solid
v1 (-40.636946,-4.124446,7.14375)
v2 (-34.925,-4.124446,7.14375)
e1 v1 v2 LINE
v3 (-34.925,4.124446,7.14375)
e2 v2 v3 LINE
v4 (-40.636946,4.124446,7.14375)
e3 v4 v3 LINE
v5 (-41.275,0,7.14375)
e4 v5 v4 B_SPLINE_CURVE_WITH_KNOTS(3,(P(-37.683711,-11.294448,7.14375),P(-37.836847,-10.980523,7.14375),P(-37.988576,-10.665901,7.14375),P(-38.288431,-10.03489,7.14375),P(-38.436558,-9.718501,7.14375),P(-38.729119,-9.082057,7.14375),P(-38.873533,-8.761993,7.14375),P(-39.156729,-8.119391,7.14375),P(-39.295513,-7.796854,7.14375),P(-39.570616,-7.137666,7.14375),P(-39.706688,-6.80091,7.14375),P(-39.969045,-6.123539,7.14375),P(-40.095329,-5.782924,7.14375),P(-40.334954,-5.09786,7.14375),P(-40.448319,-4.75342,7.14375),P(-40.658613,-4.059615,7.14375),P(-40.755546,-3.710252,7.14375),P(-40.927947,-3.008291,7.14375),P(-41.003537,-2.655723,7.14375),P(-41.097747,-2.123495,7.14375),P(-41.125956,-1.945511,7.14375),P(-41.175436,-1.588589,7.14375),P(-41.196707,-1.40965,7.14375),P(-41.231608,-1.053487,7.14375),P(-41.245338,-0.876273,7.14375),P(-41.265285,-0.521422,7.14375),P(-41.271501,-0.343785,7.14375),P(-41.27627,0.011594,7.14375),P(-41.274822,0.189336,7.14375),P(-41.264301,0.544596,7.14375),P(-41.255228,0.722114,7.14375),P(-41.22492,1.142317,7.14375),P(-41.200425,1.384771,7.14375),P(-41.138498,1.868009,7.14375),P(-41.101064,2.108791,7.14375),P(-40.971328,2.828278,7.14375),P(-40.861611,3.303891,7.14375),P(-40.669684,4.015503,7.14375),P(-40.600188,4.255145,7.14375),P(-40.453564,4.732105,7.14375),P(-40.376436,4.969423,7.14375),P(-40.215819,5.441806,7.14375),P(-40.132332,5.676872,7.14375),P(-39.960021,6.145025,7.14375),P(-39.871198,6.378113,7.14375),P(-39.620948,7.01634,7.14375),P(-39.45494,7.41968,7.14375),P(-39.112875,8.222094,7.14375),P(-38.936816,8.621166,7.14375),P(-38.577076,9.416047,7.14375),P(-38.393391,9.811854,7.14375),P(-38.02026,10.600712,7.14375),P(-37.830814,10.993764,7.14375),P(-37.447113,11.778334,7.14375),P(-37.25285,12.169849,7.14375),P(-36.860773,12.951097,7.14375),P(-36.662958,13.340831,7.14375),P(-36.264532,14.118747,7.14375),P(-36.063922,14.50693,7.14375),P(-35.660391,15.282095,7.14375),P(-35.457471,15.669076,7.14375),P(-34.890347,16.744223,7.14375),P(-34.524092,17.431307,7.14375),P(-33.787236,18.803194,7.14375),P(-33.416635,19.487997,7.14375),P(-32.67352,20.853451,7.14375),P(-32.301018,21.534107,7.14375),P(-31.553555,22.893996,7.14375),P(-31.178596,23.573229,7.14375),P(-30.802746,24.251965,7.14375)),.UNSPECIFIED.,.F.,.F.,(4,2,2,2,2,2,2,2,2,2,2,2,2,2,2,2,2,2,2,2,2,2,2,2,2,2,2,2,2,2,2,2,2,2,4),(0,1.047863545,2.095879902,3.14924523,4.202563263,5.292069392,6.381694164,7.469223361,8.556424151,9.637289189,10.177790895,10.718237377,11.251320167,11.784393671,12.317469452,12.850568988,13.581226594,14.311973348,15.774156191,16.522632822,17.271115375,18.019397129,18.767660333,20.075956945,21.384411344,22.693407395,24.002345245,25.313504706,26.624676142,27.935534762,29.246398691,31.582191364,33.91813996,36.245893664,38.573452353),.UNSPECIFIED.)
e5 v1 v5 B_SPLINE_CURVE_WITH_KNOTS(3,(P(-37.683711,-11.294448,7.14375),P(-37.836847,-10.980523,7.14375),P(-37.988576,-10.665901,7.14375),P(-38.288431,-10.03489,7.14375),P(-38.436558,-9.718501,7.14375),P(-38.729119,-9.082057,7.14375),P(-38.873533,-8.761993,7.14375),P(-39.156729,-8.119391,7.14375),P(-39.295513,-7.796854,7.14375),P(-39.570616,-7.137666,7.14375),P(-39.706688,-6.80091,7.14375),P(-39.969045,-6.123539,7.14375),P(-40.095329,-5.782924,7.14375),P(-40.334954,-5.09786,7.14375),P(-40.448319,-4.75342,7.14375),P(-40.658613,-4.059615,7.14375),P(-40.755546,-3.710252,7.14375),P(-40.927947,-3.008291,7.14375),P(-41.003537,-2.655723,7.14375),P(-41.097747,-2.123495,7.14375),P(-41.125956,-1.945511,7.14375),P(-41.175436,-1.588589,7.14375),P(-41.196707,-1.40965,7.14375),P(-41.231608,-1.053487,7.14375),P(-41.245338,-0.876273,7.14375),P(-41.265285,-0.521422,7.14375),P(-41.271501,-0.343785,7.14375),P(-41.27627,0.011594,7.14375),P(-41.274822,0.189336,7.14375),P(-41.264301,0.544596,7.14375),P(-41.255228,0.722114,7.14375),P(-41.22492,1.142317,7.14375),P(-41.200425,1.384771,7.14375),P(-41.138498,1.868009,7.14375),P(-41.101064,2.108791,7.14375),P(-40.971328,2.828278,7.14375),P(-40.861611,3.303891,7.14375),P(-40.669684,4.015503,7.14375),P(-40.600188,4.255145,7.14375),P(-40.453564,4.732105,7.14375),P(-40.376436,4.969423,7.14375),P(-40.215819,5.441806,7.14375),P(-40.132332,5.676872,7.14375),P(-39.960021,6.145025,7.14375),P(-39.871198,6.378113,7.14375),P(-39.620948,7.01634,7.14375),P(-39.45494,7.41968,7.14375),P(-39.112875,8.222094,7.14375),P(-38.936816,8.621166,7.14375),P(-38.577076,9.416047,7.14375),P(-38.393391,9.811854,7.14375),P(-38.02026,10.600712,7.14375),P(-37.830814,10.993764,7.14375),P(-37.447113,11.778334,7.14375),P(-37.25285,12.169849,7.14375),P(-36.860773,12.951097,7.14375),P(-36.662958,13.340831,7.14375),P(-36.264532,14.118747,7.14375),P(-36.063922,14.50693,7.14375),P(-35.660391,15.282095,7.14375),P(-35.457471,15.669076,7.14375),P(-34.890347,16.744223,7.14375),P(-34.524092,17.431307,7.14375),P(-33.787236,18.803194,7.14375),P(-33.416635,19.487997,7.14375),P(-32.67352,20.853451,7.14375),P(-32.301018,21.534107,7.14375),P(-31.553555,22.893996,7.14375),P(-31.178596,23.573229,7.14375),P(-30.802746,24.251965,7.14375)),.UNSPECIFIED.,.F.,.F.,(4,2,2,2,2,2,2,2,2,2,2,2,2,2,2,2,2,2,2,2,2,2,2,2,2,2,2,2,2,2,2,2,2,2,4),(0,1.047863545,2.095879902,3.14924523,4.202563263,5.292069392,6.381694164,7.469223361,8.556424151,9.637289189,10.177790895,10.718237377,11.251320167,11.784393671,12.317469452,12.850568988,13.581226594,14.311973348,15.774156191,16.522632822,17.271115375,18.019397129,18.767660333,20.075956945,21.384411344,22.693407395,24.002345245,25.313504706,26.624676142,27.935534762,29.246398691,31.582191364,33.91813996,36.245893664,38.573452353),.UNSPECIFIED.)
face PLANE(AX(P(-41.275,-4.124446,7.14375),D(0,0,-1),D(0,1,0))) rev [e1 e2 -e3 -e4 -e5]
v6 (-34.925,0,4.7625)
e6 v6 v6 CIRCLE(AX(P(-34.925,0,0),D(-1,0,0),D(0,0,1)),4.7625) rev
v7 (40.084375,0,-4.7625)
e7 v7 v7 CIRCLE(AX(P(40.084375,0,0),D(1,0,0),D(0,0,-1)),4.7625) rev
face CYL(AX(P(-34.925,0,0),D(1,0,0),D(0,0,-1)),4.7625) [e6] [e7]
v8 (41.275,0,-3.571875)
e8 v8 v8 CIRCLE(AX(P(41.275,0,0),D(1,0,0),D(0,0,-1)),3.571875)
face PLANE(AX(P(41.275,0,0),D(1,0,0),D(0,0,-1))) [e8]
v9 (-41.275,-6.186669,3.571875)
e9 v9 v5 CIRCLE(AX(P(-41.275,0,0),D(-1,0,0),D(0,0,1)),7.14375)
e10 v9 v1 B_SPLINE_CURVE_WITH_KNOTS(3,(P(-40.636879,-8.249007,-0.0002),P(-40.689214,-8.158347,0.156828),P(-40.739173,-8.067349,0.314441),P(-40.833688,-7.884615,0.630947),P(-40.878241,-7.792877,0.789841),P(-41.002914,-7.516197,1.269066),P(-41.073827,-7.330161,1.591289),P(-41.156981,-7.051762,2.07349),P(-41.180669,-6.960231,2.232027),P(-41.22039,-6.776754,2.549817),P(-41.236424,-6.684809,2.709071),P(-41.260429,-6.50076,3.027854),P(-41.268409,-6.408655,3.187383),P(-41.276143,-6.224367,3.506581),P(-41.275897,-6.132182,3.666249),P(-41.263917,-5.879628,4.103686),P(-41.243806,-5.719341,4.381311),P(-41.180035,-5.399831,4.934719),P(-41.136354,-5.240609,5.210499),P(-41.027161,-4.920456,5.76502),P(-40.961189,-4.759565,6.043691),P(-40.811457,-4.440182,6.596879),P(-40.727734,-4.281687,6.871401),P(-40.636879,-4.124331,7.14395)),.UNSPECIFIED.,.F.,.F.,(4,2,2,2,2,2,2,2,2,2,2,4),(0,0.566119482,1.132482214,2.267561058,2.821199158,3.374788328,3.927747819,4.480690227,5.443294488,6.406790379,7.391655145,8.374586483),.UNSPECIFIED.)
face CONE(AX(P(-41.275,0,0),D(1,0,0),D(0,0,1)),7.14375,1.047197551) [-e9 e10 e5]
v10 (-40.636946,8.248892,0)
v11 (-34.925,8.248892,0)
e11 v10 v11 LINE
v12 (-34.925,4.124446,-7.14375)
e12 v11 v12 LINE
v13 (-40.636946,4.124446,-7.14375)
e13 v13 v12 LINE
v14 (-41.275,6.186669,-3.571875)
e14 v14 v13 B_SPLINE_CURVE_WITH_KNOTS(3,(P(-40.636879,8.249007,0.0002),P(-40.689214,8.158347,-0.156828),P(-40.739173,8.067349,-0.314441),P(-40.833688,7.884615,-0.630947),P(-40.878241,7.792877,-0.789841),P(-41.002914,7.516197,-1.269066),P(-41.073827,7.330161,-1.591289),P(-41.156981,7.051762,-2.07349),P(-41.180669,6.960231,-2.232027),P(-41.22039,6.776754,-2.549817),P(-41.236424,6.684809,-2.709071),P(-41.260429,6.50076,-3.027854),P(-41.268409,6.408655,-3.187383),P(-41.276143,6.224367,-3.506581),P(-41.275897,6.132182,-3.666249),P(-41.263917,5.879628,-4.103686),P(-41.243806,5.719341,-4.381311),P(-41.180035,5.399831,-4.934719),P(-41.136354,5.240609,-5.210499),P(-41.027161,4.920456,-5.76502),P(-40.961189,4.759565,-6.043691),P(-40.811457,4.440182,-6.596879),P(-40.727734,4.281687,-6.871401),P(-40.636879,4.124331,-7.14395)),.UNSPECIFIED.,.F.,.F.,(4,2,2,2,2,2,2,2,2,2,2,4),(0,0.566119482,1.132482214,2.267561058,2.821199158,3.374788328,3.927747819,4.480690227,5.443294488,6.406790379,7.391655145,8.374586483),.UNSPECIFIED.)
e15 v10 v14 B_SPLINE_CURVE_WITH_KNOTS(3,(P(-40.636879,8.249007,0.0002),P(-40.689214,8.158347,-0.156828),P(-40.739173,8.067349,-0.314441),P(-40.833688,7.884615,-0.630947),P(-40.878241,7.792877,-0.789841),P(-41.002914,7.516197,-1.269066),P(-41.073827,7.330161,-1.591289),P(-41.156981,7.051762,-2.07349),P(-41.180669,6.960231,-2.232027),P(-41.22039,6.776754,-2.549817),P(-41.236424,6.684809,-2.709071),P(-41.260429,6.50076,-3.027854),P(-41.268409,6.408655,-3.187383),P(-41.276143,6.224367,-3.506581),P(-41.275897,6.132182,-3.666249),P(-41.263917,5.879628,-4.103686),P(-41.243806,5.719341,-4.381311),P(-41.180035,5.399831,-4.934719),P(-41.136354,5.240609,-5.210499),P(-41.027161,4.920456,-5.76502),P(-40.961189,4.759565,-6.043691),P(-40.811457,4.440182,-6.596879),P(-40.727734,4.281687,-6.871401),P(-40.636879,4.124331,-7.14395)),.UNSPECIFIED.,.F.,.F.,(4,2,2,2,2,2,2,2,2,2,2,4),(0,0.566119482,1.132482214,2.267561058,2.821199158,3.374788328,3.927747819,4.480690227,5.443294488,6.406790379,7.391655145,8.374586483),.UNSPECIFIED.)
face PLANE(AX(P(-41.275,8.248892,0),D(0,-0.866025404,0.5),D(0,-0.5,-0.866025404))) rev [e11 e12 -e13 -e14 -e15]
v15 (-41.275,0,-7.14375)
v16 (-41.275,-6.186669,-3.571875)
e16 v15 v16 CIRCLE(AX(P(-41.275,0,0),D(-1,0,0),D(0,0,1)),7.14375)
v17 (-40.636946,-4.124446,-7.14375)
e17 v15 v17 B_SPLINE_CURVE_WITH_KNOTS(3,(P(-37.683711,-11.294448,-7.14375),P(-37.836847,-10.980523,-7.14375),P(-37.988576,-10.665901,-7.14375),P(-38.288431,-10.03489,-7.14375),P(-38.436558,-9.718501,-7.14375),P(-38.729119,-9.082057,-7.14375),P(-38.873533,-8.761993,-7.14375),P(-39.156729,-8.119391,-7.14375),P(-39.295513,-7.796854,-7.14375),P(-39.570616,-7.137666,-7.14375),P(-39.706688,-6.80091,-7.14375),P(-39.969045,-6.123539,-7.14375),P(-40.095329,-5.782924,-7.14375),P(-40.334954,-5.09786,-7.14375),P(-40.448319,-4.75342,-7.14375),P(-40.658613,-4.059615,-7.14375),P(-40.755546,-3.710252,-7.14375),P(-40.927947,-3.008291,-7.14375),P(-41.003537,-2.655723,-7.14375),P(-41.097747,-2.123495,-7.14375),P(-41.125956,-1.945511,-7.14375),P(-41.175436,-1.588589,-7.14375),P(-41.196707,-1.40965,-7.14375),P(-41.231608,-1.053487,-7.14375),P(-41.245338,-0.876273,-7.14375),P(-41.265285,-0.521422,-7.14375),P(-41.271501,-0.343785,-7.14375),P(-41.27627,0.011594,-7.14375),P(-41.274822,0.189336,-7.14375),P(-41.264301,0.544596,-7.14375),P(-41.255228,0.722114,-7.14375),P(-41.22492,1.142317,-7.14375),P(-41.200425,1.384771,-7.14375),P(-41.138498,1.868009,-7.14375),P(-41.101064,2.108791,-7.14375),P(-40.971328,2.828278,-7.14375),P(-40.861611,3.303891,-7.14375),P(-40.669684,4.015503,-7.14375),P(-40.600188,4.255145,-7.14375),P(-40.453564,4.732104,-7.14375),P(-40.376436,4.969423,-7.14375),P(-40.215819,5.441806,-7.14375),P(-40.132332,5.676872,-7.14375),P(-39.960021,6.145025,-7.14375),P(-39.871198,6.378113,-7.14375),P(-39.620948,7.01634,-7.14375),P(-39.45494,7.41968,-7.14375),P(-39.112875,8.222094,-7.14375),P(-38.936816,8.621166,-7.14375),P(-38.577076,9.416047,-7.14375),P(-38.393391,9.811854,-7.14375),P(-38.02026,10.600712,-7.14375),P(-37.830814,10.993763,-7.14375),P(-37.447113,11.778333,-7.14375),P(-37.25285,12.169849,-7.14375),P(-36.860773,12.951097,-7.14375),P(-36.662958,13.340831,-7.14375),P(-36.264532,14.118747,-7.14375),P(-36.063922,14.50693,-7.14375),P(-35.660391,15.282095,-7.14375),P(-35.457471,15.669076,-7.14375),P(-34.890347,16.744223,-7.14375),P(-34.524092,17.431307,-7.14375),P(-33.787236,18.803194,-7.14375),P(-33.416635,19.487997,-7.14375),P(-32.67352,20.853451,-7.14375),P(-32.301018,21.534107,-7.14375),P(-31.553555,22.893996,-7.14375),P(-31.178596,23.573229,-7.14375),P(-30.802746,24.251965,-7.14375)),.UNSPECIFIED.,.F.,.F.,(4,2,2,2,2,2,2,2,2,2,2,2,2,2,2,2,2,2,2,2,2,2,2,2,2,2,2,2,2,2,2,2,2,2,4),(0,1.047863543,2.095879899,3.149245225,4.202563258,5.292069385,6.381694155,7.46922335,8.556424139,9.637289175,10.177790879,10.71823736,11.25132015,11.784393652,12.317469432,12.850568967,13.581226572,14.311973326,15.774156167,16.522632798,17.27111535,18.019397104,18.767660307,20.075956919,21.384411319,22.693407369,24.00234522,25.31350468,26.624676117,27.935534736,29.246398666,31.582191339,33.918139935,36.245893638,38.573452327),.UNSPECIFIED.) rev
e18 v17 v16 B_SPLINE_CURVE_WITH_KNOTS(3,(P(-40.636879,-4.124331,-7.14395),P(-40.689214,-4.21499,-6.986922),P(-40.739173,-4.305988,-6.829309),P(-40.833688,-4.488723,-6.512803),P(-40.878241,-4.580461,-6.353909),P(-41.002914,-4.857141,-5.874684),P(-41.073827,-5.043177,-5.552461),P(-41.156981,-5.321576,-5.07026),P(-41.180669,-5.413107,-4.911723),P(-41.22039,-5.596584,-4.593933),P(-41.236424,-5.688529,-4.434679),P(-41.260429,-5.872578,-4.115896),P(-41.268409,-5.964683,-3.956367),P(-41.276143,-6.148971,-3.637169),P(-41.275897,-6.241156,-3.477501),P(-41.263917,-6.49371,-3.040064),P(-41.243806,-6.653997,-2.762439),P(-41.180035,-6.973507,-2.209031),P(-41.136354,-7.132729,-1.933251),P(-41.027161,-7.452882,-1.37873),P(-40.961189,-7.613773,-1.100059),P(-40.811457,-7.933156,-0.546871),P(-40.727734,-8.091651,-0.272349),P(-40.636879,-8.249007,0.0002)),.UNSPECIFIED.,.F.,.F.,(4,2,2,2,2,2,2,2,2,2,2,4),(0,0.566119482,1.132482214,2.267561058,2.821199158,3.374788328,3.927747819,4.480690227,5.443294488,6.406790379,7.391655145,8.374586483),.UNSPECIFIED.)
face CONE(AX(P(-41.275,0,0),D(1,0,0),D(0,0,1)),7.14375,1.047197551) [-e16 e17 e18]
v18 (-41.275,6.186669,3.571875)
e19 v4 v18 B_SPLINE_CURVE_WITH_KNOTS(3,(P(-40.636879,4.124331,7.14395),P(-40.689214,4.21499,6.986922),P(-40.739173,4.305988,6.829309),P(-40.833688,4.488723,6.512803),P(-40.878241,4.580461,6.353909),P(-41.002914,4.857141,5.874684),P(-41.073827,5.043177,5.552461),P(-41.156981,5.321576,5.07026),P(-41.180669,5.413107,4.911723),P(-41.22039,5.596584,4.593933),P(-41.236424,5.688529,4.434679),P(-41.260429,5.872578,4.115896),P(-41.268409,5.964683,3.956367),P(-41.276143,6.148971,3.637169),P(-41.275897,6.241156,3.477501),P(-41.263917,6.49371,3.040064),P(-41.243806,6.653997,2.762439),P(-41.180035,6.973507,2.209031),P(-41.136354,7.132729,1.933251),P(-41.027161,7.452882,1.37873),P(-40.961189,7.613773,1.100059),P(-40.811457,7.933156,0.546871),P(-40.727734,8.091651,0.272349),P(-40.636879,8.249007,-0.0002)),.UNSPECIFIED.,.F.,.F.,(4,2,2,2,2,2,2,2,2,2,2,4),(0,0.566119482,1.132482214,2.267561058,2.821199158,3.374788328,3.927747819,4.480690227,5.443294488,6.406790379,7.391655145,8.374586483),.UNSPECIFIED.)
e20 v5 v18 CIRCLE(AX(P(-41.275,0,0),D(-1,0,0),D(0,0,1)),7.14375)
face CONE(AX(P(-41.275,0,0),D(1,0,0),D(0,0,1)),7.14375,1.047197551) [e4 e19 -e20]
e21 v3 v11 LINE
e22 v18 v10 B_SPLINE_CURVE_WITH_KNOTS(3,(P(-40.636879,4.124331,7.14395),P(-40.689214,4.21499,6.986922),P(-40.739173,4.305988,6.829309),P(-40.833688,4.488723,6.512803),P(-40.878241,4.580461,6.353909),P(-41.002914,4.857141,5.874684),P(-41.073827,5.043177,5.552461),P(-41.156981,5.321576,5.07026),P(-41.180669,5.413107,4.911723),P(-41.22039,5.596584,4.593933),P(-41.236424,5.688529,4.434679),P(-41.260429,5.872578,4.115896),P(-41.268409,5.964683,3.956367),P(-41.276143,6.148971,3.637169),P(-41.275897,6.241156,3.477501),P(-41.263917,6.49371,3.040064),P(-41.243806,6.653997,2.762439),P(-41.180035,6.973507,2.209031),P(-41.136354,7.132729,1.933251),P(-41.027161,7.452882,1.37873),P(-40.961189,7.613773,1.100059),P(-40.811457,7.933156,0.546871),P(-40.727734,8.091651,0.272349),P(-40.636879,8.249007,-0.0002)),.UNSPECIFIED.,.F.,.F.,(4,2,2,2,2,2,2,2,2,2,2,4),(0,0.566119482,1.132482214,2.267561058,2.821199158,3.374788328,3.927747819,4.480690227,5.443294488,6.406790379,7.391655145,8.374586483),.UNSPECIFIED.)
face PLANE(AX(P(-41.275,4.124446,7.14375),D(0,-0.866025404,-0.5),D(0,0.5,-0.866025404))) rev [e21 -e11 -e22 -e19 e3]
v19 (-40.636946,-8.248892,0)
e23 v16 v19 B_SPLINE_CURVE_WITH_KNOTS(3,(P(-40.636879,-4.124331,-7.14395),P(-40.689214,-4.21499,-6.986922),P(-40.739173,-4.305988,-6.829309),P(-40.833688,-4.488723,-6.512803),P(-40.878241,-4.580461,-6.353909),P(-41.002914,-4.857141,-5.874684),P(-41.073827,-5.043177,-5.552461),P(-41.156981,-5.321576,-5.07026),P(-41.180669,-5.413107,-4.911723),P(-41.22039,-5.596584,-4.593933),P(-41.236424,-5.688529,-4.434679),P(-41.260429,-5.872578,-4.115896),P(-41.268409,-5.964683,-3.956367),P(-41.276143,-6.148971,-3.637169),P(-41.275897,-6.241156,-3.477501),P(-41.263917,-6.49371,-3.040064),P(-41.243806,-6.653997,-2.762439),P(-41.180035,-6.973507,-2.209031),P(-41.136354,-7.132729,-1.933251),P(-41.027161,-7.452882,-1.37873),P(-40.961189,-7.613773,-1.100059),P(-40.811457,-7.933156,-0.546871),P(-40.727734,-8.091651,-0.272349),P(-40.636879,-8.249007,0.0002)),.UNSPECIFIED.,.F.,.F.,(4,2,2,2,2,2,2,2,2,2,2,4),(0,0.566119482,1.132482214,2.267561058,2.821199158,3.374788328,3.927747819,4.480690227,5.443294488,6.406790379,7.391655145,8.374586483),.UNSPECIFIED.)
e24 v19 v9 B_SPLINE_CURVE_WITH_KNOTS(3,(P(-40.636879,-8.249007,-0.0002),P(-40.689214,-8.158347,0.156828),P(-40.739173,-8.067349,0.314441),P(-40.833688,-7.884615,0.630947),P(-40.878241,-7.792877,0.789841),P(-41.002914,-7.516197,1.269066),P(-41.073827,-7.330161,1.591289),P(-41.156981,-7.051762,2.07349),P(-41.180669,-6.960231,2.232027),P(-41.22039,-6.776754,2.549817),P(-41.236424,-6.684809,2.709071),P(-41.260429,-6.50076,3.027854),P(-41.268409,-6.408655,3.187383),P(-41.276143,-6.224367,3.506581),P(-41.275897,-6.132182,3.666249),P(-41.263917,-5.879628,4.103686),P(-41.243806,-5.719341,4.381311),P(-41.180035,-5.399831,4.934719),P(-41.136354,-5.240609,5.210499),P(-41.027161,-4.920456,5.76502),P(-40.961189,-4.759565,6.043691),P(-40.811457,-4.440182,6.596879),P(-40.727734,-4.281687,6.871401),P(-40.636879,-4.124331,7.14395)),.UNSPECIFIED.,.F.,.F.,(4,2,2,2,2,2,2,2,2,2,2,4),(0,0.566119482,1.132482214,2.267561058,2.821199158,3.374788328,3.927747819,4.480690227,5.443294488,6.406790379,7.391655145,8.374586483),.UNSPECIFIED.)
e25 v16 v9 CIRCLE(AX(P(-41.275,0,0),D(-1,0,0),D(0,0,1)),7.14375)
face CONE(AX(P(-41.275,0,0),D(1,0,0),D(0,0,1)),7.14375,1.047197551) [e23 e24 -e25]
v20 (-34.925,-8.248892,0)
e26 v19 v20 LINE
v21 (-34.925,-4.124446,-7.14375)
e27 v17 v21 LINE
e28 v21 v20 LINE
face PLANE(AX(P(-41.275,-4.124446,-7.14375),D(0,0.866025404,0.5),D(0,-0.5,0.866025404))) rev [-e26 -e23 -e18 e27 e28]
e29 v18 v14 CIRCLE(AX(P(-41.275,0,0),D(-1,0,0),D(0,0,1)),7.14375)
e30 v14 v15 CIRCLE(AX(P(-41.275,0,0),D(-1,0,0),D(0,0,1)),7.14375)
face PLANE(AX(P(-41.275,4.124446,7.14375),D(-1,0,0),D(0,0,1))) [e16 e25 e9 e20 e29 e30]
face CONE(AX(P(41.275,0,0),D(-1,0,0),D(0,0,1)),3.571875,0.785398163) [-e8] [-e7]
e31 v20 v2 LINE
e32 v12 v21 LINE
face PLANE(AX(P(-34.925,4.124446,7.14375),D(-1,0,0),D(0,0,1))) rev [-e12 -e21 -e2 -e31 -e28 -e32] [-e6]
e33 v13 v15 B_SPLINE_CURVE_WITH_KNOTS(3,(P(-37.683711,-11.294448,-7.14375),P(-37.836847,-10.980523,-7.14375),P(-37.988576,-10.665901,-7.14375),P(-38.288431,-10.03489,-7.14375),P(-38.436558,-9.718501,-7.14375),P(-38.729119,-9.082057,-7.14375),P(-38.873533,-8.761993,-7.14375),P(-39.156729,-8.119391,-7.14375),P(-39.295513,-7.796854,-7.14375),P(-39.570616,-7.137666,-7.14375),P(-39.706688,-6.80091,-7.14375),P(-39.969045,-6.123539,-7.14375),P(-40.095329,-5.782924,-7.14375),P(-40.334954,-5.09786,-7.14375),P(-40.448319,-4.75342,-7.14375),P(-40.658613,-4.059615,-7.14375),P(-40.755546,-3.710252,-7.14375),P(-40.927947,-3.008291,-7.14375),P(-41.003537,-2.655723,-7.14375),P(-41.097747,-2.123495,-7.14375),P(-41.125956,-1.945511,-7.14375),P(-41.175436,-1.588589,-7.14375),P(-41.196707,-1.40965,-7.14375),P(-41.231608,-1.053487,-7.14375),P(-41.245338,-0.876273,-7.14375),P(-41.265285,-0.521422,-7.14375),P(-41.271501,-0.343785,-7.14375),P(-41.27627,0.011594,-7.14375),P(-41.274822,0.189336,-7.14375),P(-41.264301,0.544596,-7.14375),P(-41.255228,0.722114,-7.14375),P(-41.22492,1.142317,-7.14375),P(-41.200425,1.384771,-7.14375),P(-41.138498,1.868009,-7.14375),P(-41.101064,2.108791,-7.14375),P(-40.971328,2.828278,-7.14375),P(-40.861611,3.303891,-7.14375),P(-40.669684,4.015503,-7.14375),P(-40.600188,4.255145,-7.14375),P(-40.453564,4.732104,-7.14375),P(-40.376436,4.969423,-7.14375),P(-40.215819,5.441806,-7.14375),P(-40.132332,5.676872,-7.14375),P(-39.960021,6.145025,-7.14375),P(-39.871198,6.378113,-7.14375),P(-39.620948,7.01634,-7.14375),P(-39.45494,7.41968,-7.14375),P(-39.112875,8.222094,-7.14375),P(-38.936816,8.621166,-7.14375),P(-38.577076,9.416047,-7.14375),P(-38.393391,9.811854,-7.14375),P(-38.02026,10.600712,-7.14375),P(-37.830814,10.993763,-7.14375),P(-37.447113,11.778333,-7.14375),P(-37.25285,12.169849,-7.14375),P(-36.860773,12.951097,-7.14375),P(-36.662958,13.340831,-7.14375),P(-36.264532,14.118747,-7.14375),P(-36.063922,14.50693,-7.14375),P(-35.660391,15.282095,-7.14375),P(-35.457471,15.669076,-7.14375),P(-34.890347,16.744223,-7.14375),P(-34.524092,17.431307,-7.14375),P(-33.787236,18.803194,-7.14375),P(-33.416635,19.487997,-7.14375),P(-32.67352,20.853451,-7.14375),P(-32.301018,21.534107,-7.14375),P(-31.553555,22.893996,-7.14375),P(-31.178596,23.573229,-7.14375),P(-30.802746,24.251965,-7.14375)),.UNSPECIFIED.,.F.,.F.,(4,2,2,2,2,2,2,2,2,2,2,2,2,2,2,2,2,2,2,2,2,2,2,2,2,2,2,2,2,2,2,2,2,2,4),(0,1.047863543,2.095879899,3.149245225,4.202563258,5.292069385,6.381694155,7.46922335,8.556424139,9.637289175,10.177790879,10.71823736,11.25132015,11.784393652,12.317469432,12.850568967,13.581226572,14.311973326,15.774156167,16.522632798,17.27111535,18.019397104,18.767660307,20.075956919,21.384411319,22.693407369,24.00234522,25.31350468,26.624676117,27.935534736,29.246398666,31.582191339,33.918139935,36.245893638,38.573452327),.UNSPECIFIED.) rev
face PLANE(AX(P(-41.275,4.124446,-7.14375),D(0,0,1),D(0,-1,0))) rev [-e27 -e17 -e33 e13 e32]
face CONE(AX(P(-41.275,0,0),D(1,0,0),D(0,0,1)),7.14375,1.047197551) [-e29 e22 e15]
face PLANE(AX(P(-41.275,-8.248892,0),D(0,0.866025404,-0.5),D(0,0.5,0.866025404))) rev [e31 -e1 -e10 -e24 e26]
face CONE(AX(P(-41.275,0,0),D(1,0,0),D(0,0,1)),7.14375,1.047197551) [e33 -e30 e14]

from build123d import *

# Parameters (mm, degrees)
SKETCH5_R           = 4.7625
BOSS_EXTRUDE3_DEPTH = 76.2
CHAMFER1_SIZE       = 1.190625
BOSS_EXTRUDE4_DEPTH = 6.35
SKETCH8_OUTSIDE_W   = 322.79
SKETCH8_OUTSIDE_H   = 325
SKETCH8_OUTSIDE_R   = 7.14375
CUT_EXTRUDE3_DEPTH  = 83.55
CUT_EXTRUDE3_TAPER  = 60


with BuildPart() as part:
    # Sketch5 → Boss-Extrude3 (new body)
    with BuildSketch(Plane(origin=(41.275, 0, 0), x_dir=(0, 0, -1), z_dir=(1, 0, 0))):
        Circle(SKETCH5_R)
    extrude(amount=-BOSS_EXTRUDE3_DEPTH)

    # Chamfer1
    chamfer1_edges = [part.edges().sort_by_distance(p)[0] for p in [
        (41.275, 0, 4.7625),
    ]]
    chamfer(chamfer1_edges, length=CHAMFER1_SIZE)

    # Sketch11 → Revolve1 (revolve)
    with BuildSketch(Plane.XY):
        Polygon((-34.925, 4.7625), (-34.925, 0), (20.6375, 0), (15.875, 4.7625), align=None)
    revolve(axis=Axis((-34.925, 0, 0), (1, 0, 0)))

    # Sketch6 → Boss-Extrude4 (add)
    with BuildSketch(Plane.ZY.offset(34.925)):
        Polygon((7.14375, 4.124445986), (0, 8.248891971), (-7.14375, 4.124445986), (-7.14375, -4.124445986), (0, -8.248891971), (7.14375, -4.124445986), align=None)
    extrude(amount=BOSS_EXTRUDE4_DEPTH)

    # Sketch8 outside → Cut-Extrude3 (cut, through all)
    with BuildSketch(Plane.ZY.offset(41.275)):
        Rectangle(SKETCH8_OUTSIDE_W, SKETCH8_OUTSIDE_H)
        Circle(SKETCH8_OUTSIDE_R, mode=Mode.SUBTRACT)
    extrude(amount=-CUT_EXTRUDE3_DEPTH, taper=CUT_EXTRUDE3_TAPER, mode=Mode.SUBTRACT)


solid = part.part
